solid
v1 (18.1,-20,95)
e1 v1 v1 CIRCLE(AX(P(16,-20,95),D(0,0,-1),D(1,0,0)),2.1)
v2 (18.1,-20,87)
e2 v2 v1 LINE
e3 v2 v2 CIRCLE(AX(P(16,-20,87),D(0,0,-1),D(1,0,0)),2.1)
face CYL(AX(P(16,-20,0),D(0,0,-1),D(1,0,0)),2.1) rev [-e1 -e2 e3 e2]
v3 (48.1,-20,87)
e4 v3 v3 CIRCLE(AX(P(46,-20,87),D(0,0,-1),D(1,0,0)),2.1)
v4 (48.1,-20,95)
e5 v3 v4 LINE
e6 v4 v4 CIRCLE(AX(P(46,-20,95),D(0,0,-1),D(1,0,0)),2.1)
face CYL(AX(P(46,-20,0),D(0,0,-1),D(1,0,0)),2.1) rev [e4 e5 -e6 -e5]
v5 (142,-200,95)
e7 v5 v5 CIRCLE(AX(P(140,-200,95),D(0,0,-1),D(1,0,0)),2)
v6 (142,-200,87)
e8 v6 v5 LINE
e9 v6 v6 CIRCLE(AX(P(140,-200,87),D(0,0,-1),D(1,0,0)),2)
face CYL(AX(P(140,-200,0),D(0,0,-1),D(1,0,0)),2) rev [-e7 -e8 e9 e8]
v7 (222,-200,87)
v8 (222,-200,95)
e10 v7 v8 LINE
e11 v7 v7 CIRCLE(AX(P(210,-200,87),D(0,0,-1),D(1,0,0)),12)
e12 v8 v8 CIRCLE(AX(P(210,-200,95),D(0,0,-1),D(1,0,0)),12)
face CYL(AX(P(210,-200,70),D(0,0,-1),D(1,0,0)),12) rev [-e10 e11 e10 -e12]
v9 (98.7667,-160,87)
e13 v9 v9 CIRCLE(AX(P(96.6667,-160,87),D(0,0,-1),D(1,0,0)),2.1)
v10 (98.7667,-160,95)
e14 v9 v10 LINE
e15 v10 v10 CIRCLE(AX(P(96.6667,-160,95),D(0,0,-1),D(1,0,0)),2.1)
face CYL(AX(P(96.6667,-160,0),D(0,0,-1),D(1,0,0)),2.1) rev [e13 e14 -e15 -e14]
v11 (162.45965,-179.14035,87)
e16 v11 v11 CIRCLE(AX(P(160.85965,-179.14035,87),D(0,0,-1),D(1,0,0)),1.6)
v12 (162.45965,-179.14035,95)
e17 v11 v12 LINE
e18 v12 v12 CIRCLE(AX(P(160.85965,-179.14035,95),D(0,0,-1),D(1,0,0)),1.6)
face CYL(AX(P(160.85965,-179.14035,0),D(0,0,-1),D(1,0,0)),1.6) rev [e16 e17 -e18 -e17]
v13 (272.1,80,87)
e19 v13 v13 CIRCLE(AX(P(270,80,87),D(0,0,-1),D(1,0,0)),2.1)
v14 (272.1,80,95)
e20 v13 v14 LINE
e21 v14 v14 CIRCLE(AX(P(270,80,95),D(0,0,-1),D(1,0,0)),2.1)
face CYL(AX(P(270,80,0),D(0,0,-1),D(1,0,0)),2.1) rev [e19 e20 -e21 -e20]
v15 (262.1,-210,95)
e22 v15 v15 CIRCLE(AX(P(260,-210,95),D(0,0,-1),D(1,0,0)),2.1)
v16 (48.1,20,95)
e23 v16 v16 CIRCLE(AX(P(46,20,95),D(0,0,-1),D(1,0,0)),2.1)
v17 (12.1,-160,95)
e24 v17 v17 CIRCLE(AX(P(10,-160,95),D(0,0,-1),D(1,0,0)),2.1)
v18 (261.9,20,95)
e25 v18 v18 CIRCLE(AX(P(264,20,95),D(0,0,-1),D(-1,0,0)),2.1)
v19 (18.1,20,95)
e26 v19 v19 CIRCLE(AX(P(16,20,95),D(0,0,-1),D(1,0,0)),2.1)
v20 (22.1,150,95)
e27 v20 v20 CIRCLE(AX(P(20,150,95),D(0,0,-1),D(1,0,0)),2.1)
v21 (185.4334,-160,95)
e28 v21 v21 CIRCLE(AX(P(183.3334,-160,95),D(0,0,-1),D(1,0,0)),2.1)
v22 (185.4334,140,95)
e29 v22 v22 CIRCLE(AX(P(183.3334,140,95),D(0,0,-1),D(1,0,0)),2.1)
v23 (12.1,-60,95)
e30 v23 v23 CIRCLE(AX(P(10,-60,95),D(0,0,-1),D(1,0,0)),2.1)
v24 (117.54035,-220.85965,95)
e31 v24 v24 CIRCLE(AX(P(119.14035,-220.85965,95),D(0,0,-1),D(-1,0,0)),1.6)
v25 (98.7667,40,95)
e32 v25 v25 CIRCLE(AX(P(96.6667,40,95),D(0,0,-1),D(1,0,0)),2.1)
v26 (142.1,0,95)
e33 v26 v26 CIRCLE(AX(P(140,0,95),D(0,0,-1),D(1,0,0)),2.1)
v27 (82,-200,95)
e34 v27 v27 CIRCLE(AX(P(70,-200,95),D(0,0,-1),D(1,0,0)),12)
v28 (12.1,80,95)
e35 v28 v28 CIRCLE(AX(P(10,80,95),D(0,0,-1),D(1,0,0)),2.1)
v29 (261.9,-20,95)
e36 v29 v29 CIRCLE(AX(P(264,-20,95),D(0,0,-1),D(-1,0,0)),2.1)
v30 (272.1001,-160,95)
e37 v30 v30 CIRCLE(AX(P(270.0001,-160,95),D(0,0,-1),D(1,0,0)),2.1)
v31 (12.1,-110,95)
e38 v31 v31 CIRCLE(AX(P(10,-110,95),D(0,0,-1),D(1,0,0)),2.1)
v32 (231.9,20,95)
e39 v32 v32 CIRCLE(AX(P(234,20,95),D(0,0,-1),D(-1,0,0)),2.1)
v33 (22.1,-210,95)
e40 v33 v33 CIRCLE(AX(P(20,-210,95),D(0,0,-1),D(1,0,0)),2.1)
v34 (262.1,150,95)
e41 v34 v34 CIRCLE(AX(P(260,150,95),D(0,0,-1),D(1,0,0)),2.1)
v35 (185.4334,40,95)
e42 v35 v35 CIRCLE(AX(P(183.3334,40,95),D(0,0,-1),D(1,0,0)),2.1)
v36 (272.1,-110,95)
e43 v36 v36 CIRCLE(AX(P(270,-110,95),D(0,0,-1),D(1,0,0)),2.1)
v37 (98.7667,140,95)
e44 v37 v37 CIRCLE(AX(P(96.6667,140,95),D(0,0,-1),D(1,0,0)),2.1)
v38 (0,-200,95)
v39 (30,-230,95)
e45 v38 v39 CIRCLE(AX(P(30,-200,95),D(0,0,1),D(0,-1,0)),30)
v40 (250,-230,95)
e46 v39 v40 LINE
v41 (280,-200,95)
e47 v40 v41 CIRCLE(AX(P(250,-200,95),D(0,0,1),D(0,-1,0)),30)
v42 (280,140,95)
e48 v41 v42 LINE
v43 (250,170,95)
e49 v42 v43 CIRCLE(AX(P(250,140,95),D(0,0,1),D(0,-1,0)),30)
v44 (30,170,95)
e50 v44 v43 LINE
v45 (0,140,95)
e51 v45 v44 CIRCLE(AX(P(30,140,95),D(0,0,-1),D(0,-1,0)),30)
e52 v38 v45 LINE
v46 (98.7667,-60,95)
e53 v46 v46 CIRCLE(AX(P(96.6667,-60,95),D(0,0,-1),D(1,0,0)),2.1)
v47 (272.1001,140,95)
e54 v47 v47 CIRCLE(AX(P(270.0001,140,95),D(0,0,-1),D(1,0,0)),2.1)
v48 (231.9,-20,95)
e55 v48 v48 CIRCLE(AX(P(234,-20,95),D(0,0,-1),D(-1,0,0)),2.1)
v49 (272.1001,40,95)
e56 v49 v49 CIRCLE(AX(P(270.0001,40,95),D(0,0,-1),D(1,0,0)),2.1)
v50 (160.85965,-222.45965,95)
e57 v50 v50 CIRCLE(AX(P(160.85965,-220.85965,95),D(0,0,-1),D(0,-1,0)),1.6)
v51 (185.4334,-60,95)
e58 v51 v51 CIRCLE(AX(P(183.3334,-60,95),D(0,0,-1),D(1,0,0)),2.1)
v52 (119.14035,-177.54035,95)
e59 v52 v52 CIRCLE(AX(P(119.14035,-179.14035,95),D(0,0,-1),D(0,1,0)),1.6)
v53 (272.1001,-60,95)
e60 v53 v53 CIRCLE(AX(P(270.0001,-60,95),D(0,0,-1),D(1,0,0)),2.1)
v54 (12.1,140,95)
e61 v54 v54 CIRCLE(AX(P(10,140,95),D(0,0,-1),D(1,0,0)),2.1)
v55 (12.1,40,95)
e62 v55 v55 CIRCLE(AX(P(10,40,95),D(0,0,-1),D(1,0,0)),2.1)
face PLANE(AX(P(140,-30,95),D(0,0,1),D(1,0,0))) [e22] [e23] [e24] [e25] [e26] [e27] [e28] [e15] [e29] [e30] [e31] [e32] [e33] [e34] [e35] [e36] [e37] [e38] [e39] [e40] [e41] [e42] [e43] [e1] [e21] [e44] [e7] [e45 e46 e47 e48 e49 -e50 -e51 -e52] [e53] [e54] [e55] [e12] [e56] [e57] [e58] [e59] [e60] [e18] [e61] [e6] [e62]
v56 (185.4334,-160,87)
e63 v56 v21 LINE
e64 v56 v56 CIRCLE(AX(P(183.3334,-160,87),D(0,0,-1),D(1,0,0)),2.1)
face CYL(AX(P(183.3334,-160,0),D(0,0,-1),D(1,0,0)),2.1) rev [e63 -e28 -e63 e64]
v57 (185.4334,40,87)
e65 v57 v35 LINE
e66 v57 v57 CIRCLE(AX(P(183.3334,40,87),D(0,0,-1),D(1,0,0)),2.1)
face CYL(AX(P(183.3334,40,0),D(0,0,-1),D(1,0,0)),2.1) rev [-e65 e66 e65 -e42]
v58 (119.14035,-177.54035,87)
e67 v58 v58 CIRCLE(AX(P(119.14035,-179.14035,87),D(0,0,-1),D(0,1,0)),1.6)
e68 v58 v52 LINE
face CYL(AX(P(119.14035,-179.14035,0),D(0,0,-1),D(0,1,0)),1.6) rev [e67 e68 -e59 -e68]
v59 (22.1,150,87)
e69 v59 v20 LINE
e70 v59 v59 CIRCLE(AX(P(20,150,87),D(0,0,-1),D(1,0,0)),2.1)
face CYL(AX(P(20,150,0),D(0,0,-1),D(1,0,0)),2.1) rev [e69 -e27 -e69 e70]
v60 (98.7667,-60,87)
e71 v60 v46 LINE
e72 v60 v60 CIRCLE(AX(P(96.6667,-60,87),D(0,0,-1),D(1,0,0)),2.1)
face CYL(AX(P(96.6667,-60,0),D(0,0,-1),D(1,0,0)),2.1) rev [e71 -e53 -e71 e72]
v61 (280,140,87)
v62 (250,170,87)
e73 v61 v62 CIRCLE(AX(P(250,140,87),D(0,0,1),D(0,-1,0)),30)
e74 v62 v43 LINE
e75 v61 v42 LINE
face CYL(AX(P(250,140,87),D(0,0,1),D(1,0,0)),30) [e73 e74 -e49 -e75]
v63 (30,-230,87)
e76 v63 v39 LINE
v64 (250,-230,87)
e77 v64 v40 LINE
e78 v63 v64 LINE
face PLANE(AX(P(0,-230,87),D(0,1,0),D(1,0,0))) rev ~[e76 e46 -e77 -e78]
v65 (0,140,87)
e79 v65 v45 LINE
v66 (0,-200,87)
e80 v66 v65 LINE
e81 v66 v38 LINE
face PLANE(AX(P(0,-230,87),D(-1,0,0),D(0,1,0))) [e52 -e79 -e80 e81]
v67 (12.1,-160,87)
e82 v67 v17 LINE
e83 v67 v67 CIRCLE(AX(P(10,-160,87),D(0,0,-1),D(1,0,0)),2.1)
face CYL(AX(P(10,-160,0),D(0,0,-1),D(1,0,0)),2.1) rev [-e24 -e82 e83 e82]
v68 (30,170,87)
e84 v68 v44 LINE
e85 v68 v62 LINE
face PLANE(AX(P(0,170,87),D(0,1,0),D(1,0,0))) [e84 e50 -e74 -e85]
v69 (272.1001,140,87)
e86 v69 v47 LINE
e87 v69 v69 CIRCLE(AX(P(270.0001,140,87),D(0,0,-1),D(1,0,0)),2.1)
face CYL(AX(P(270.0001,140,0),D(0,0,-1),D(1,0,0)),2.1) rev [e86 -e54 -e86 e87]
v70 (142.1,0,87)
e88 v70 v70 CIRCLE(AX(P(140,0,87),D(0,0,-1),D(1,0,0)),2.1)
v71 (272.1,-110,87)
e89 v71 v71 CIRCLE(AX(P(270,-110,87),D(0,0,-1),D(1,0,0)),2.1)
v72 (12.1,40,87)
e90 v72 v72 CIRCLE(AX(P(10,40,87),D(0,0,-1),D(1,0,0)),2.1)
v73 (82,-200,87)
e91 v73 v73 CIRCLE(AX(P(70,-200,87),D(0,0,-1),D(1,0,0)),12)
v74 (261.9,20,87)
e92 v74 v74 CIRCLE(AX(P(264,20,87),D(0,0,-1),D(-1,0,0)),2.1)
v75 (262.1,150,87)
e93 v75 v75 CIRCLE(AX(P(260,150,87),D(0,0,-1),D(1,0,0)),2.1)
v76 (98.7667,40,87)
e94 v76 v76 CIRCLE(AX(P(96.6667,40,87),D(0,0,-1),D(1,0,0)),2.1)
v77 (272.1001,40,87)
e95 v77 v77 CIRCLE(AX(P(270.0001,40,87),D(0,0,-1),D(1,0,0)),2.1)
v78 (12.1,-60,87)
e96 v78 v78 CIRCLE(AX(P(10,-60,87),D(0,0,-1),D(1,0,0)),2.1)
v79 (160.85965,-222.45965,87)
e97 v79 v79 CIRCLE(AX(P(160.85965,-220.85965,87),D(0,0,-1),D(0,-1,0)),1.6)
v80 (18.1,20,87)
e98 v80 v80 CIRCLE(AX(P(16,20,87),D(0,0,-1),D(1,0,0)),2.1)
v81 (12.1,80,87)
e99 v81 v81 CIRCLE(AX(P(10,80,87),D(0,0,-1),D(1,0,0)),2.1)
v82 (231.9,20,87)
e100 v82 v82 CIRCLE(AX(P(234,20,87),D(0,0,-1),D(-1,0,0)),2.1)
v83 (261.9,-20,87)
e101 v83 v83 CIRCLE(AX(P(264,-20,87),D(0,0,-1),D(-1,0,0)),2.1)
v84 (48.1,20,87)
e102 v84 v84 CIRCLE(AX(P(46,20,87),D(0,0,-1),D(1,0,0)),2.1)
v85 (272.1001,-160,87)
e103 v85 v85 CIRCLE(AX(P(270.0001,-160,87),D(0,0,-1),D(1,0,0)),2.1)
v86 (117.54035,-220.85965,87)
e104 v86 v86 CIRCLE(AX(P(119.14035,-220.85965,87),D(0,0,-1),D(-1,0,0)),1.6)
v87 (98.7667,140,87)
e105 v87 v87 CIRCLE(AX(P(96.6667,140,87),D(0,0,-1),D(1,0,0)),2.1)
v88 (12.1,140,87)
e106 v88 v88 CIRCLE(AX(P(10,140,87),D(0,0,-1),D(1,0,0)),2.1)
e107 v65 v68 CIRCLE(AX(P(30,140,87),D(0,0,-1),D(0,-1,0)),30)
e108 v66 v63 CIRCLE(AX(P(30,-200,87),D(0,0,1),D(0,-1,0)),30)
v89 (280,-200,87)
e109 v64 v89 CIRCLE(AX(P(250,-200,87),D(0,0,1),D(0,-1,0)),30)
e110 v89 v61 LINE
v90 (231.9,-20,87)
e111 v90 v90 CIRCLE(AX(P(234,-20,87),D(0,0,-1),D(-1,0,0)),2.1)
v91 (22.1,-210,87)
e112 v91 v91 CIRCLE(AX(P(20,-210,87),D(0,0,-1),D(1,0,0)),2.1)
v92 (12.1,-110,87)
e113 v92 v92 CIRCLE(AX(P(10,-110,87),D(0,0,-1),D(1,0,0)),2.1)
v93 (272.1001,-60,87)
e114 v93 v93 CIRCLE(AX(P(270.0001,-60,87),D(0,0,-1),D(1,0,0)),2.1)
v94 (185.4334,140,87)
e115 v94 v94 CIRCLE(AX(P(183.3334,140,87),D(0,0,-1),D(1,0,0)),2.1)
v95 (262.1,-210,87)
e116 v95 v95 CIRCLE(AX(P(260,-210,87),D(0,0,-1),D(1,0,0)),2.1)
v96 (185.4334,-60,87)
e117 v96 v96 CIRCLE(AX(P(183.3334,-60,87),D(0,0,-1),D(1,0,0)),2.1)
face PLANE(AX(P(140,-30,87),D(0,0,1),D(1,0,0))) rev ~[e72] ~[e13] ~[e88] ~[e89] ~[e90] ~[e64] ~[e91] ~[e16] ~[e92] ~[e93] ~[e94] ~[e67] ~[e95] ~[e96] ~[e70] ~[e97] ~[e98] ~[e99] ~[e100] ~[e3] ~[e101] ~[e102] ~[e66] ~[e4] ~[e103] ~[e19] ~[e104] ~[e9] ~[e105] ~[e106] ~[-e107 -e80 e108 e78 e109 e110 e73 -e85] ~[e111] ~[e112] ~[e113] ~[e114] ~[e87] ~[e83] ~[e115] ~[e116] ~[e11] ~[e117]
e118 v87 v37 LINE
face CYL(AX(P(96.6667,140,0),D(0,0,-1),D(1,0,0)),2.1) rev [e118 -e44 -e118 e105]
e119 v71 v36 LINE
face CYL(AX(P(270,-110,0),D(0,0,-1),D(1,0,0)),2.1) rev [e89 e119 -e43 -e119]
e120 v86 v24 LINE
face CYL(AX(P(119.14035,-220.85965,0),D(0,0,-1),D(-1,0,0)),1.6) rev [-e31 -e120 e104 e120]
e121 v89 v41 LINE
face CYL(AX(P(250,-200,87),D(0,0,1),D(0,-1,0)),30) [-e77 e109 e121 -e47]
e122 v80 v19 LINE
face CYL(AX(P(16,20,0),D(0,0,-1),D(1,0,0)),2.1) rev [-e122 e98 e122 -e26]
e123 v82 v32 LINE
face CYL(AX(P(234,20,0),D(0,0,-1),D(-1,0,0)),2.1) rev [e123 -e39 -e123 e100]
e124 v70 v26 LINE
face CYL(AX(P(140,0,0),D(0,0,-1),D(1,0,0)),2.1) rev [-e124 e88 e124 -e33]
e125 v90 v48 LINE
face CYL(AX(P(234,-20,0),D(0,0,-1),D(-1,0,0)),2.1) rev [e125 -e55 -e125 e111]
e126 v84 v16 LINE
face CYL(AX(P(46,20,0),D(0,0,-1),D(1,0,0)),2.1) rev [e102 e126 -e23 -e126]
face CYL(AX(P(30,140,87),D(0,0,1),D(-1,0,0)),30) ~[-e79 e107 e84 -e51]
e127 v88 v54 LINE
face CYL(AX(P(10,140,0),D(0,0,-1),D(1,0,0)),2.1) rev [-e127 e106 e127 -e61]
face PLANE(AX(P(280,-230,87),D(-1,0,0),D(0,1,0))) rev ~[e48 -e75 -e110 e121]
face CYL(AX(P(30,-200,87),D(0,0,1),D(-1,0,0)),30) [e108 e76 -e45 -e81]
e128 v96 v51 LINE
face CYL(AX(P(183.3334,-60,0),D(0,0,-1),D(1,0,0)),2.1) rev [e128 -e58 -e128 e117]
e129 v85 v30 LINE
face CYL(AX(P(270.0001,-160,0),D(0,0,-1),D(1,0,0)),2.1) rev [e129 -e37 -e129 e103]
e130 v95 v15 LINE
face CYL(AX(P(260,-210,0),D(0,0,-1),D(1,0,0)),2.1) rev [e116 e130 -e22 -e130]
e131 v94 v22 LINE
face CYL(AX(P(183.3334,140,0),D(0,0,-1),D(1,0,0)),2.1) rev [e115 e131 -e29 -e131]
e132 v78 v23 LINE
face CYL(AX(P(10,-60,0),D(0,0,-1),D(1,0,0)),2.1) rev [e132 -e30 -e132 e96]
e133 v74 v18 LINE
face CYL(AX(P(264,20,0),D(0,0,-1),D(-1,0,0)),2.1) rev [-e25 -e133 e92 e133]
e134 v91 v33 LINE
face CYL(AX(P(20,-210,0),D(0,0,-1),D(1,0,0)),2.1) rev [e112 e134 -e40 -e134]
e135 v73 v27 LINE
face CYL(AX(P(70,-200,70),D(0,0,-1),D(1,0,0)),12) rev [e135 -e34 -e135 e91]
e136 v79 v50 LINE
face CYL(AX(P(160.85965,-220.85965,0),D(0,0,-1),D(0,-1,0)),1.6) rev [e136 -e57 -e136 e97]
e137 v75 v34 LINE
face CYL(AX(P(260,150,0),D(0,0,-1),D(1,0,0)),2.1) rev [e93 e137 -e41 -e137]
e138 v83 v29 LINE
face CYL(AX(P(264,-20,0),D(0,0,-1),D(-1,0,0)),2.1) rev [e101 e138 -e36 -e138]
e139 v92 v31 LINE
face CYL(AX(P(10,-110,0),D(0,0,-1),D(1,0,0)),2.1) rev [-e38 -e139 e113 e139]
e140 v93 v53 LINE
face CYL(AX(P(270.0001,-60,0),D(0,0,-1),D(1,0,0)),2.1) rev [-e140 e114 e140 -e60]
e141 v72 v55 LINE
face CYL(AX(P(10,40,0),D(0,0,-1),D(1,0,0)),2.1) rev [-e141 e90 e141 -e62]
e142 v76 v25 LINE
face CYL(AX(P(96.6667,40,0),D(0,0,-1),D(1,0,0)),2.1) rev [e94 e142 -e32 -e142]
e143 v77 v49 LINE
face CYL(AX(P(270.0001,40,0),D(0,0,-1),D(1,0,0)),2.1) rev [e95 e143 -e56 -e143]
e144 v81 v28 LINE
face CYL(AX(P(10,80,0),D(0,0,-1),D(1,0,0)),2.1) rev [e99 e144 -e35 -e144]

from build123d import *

# Parameters (mm, degrees)
CYLINDER021_R     = 2.1
CYLINDER021_DEPTH = 120
ARRAY020_X_COUNT  = 2
ARRAY020_X_PITCH  = 240
ARRAY020_Y_COUNT  = 2
ARRAY020_Y_PITCH  = 360
CYLINDER022_R     = 2.1
CYLINDER022_DEPTH = 110
ARRAY021_X_COUNT  = 2
ARRAY021_X_PITCH  = 260
ARRAY021_Y_COUNT  = 2
ARRAY021_Y_PITCH  = 190
CYLINDER038_R     = 2.1
CYLINDER038_DEPTH = 120
CYLINDER018_R     = 2.1
CYLINDER018_DEPTH = 120
ARRAY016_X_COUNT  = 2
ARRAY016_X_PITCH  = 30
ARRAY016_Y_COUNT  = 2
ARRAY016_Y_PITCH  = 40
ARRAY017_COUNT    = 2
CYLINDER016_R     = 2
CYLINDER016_DEPTH = 120
CYLINDER017_R     = 1.6
CYLINDER017_DEPTH = 110
ARRAY015_COUNT    = 4
CYLINDER032_R     = 2.1
CYLINDER032_DEPTH = 110
ARRAY031_X_COUNT  = 4
ARRAY031_X_PITCH  = 86.6667
ARRAY031_Y_COUNT  = 4
ARRAY031_Y_PITCH  = 100
CYLINDER031_R     = 12
CYLINDER031_DEPTH = 50
ARRAY030_X_COUNT  = 2
ARRAY030_X_PITCH  = 140
BOX005_W          = 280
BOX005_H          = 400
BOX005_DEPTH      = 8
FILLET004_R       = 30


with BuildPart() as array020:
    # Cylinder021 → Cylinder021 (new body)
    with BuildSketch(Plane(origin=(20, -210, 0), x_dir=(1, 0, 0), z_dir=(0, 0, 1))):
        Circle(CYLINDER021_R)
    extrude(amount=CYLINDER021_DEPTH)

    # Array020 X: Array020 ×2


with BuildPart() as array020_1:
    add(array020.part)
    with Locations(*[(i * ARRAY020_X_PITCH, 0, 0) for i in range(1, ARRAY020_X_COUNT)]):
        add(array020.part)

    # Array020 Y: Array020 ×2


with BuildPart() as array020_2:
    add(array020_1.part)
    with Locations(*[(0, i * ARRAY020_Y_PITCH, 0) for i in range(1, ARRAY020_Y_COUNT)]):
        add(array020_1.part)


with BuildPart() as array021:
    # Cylinder022 → Cylinder022 (new body)
    with BuildSketch(Plane(origin=(10, -110, 0), x_dir=(1, 0, 0), z_dir=(0, 0, 1))):
        Circle(CYLINDER022_R)
    extrude(amount=CYLINDER022_DEPTH)

    # Array021 X: Array021 ×2


with BuildPart() as array021_1:
    add(array021.part)
    with Locations(*[(i * ARRAY021_X_PITCH, 0, 0) for i in range(1, ARRAY021_X_COUNT)]):
        add(array021.part)

    # Array021 Y: Array021 ×2


with BuildPart() as array021_2:
    add(array021_1.part)
    with Locations(*[(0, i * ARRAY021_Y_PITCH, 0) for i in range(1, ARRAY021_Y_COUNT)]):
        add(array021_1.part)


with BuildPart() as cylinder038:
    # Cylinder038 → Cylinder038 (new body)
    with BuildSketch(Plane(origin=(140, 0, 0), x_dir=(1, 0, 0), z_dir=(0, 0, 1))):
        Circle(CYLINDER038_R)
    extrude(amount=CYLINDER038_DEPTH)


with BuildPart() as trous_entretoises:
    # Cylinder018 → Cylinder018 (new body)
    with BuildSketch(Plane(origin=(16, -20, 0), x_dir=(1, 0, 0), z_dir=(0, 0, 1))):
        Circle(CYLINDER018_R)
    extrude(amount=CYLINDER018_DEPTH)

    # Array016 X: trous_entretoises_ ×2


with BuildPart() as trous_entretoises_1:
    add(trous_entretoises.part)
    with Locations(*[(i * ARRAY016_X_PITCH, 0, 0) for i in range(1, ARRAY016_X_COUNT)]):
        add(trous_entretoises.part)

    # Array016 Y: trous_entretoises_ ×2


with BuildPart() as trous_entretoises_2:
    add(trous_entretoises_1.part)
    with Locations(*[(0, i * ARRAY016_Y_PITCH, 0) for i in range(1, ARRAY016_Y_COUNT)]):
        add(trous_entretoises_1.part)

    # Array017: trous_entretoises_ ×2 about axis
    array017_axis = Axis((140, 0, 0), (0, 0, 1))


with BuildPart() as trous_entretoises_3:
    add(trous_entretoises_2.part)
    for i in range(1, ARRAY017_COUNT):
        add(trous_entretoises_2.part.rotate(array017_axis, i * 360 / ARRAY017_COUNT))

    # Fusion009: union Array020, Array021, Cylinder038
    add(array020_2.part)
    add(array021_2.part)
    add(cylinder038.part)


with BuildPart() as cylinder016:
    # Cylinder016 → Cylinder016 (new body)
    with BuildSketch(Plane(origin=(140, -200, 0), x_dir=(1, 0, 0), z_dir=(0, 0, 1))):
        Circle(CYLINDER016_R)
    extrude(amount=CYLINDER016_DEPTH)


with BuildPart() as fusion003:
    # Cylinder017 → Cylinder017 (new body)
    with BuildSketch(Plane(origin=(160.85965, -179.14035, 0), x_dir=(1, 0, 0), z_dir=(0, 0, 1))):
        Circle(CYLINDER017_R)
    extrude(amount=CYLINDER017_DEPTH)

    # Array015: Fusion003 ×4 about axis
    array015_axis = Axis((140, -200, 0), (0, 0, 1))


with BuildPart() as fusion003_1:
    add(fusion003.part)
    for i in range(1, ARRAY015_COUNT):
        add(fusion003.part.rotate(array015_axis, i * 360 / ARRAY015_COUNT))

    # Fusion003: union Cylinder016
    add(cylinder016.part)


with BuildPart() as fix_top_c9:
    # Cylinder032 → Cylinder032 (new body)
    with BuildSketch(Plane(origin=(10, -160, 0), x_dir=(1, 0, 0), z_dir=(0, 0, 1))):
        Circle(CYLINDER032_R)
    extrude(amount=CYLINDER032_DEPTH)

    # Array031 X: fix_top_C9_ ×4


with BuildPart() as fix_top_c9_1:
    add(fix_top_c9.part)
    with Locations(*[(i * ARRAY031_X_PITCH, 0, 0) for i in range(1, ARRAY031_X_COUNT)]):
        add(fix_top_c9.part)

    # Array031 Y: fix_top_C9_ ×4


with BuildPart() as fix_top_c9_2:
    add(fix_top_c9_1.part)
    with Locations(*[(0, i * ARRAY031_Y_PITCH, 0) for i in range(1, ARRAY031_Y_COUNT)]):
        add(fix_top_c9_1.part)


with BuildPart() as fusion010:
    # Cylinder031 → Cylinder031 (new body)
    with BuildSketch(Plane(origin=(70, -200, 70), x_dir=(1, 0, 0), z_dir=(0, 0, 1))):
        Circle(CYLINDER031_R)
    extrude(amount=CYLINDER031_DEPTH)

    # Array030 X: Fusion010 ×2


with BuildPart() as fusion010_1:
    add(fusion010.part)
    with Locations(*[(i * ARRAY030_X_PITCH, 0, 0) for i in range(1, ARRAY030_X_COUNT)]):
        add(fusion010.part)

    # Fusion010: union trous_entretoises_, Fusion003, fix_top_C9_
    add(trous_entretoises_3.part)
    add(fusion003_1.part)
    add(fix_top_c9_2.part)


with BuildPart() as cut002006002:
    # Box005 → Box005 (new body)
    with BuildSketch(Plane(origin=(0, -230, 87), x_dir=(1, 0, 0), z_dir=(0, 0, 1))):
        with Locations((140, 200)):
            Rectangle(BOX005_W, BOX005_H)
    extrude(amount=BOX005_DEPTH)

    # Fillet004
    fillet004_edges = [cut002006002.edges().sort_by_distance(p)[0] for p in [
        (0, -230, 91),
        (0, 170, 91),
        (280, -230, 91),
        (280, 170, 91),
    ]]
    fillet(fillet004_edges, radius=FILLET004_R)

    # Cut002006002: cut Fusion010
    add(fusion010_1.part, mode=Mode.SUBTRACT)


solid = cut002006002.part
